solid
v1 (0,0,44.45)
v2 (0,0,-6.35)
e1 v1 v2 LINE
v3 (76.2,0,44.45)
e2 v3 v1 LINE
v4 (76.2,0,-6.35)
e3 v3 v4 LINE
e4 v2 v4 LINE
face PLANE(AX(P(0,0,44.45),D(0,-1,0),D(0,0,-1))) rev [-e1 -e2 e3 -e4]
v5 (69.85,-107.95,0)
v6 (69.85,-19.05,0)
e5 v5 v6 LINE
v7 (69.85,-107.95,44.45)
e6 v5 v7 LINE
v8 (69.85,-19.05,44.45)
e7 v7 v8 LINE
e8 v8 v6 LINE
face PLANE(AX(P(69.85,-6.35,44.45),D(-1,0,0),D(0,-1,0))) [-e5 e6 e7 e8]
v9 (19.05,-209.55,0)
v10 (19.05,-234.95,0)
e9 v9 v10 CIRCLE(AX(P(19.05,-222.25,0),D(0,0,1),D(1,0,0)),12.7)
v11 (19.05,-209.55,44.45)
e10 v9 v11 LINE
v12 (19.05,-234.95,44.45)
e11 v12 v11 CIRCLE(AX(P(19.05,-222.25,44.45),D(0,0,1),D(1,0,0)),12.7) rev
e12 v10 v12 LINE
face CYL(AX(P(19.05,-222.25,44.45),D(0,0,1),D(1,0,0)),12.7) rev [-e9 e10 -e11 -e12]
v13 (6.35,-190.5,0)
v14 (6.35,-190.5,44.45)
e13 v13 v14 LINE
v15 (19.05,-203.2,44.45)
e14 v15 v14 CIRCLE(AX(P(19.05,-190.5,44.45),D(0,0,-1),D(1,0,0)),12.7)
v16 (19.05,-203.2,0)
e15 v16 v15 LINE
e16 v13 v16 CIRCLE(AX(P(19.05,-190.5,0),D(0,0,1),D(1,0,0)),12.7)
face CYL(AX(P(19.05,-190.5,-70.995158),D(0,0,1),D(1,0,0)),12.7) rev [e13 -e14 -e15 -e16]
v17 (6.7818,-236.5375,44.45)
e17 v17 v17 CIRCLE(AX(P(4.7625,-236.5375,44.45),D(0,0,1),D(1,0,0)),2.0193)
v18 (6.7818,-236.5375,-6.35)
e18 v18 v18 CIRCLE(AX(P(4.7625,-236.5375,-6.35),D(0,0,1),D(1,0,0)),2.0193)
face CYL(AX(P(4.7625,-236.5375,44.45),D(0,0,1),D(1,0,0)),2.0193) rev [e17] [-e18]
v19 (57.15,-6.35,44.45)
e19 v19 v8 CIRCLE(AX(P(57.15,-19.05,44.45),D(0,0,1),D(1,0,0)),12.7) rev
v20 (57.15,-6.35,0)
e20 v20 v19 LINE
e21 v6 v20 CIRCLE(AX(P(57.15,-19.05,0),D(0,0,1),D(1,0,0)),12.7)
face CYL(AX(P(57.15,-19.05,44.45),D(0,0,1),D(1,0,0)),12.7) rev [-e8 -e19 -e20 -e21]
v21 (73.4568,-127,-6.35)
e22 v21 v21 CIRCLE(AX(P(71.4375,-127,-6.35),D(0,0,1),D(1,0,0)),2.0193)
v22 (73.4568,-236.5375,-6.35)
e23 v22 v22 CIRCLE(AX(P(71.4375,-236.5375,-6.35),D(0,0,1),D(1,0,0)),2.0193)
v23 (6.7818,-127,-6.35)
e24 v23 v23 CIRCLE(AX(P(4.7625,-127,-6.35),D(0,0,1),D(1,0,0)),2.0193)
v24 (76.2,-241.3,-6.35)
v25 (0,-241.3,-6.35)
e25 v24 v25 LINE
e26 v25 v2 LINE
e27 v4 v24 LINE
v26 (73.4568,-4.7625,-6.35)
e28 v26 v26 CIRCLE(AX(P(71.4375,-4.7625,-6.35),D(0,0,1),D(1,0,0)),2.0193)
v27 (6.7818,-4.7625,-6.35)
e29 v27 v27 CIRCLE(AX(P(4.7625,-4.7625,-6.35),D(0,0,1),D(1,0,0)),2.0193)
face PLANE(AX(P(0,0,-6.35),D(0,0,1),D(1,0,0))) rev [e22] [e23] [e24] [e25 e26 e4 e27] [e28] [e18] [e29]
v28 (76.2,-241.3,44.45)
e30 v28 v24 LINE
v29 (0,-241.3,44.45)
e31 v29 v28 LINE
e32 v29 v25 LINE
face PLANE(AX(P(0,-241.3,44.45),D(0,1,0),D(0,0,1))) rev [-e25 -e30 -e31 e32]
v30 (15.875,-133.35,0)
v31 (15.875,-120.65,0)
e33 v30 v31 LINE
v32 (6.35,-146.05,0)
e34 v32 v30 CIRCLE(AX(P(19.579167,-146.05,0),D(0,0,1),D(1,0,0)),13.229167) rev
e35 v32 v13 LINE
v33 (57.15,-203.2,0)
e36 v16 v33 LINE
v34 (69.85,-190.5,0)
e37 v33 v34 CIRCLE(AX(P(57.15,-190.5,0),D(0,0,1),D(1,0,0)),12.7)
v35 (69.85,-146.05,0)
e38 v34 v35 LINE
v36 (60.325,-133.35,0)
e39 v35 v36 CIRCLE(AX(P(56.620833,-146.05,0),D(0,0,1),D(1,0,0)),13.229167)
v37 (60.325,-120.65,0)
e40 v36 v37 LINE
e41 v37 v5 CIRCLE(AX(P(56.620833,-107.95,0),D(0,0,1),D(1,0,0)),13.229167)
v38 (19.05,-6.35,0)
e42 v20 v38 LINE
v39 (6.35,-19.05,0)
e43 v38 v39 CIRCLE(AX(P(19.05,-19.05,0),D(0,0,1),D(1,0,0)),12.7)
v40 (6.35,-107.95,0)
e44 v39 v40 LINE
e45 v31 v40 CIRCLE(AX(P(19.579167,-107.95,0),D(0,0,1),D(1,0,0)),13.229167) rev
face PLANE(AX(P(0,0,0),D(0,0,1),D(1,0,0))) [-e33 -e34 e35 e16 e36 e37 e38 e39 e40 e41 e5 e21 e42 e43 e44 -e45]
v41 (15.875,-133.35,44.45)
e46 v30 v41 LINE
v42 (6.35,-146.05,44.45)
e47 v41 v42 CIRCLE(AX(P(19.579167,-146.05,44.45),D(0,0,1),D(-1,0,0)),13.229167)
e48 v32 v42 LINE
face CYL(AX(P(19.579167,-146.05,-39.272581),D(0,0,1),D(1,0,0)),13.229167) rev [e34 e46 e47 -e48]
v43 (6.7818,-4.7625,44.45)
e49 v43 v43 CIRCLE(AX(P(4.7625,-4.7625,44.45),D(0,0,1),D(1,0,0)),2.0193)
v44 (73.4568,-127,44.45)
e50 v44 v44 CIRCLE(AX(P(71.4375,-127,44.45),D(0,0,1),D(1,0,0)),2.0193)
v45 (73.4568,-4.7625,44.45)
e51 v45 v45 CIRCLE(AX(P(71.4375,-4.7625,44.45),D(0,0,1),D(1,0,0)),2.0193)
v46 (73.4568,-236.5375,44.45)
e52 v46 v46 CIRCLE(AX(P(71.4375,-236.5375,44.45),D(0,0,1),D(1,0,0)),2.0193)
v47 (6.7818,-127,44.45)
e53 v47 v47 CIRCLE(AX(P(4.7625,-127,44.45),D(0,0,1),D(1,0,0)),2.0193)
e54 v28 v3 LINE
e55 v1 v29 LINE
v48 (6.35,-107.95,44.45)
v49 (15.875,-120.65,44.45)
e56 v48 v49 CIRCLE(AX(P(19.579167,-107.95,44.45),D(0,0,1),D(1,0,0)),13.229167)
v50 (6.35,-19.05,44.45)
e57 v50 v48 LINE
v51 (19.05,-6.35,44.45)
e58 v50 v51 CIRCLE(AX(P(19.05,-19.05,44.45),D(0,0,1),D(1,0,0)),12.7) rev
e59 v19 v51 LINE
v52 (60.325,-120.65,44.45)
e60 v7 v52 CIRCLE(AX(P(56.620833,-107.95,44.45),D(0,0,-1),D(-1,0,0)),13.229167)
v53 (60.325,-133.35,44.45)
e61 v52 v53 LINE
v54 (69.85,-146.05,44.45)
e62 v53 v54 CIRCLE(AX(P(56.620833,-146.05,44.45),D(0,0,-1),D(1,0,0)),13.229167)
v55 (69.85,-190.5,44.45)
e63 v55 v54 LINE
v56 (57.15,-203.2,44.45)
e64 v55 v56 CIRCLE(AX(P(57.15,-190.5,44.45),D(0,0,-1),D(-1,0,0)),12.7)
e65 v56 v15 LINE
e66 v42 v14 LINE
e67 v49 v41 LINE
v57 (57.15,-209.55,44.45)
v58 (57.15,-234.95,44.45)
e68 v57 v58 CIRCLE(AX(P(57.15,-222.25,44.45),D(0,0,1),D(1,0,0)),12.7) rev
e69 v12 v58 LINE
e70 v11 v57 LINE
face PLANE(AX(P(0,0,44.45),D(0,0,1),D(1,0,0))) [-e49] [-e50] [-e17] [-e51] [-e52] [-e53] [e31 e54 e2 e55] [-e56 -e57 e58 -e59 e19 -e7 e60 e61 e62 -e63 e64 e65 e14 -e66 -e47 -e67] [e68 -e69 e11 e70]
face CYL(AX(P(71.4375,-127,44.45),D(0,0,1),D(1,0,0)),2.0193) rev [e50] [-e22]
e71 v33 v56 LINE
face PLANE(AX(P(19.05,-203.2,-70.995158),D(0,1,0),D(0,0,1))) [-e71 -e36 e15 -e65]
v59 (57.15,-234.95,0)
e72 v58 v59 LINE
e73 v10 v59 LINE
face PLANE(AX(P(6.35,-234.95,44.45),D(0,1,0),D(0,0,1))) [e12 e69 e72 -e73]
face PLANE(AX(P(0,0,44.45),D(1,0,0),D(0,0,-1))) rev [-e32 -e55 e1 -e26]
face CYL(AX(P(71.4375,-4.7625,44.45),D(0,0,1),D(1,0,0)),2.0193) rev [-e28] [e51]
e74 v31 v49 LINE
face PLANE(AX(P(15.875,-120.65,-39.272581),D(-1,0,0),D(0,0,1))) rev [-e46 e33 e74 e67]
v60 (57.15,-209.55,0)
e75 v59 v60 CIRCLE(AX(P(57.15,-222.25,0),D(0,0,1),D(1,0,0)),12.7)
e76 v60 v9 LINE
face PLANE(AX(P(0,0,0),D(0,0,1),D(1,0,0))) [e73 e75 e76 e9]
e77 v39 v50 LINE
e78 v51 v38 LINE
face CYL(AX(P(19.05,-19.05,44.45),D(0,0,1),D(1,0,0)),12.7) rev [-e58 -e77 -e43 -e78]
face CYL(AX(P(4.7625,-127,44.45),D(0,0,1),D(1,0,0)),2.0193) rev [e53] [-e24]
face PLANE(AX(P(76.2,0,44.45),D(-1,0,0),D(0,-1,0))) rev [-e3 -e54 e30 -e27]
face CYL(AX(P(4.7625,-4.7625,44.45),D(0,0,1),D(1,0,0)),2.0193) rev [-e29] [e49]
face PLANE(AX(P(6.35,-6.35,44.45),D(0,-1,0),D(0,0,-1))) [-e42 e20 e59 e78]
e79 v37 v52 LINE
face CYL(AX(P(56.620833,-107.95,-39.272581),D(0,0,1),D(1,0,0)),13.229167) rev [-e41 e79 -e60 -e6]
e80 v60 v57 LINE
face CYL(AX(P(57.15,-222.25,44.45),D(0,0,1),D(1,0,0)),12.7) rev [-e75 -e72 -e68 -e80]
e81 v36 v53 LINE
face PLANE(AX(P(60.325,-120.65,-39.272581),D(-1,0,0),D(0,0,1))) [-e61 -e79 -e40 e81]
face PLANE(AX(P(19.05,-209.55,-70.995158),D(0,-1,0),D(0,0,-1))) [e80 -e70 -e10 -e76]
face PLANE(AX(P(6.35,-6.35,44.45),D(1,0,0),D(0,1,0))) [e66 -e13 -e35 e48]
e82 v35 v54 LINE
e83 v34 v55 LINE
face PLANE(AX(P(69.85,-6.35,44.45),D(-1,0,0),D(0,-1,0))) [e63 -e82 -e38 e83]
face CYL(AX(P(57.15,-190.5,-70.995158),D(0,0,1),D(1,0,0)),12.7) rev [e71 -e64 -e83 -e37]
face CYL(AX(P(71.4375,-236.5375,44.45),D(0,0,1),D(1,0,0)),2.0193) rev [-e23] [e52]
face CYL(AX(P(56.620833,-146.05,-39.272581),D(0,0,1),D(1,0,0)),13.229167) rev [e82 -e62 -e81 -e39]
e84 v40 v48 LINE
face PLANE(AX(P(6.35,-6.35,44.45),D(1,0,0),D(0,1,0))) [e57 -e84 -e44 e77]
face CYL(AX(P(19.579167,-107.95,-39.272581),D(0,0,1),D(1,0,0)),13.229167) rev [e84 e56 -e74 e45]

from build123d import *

# Parameters (mm, degrees)
SKETCH1_W              = 76.2
SKETCH1_H              = 241.3
SKETCH1_W_2            = 63.5
SKETCH1_H_2            = 228.6
BOSS_EXTRUDE1_DEPTH    = 44.45
FILLET1_R              = 12.7
SKETCH2_W              = 76.2
SKETCH2_H              = 241.3
BOSS_EXTRUDE2_DEPTH    = 6.35
BOSS_EXTRUDE3_DEPTH    = 44.45
F_10_32_TAPPED_HOLE1_D = 4.0386
BOSS_EXTRUDE4_DEPTH    = 44.45


with BuildPart() as part:
    # Sketch1 → Boss-Extrude1 (new body)
    with BuildSketch(Plane.XY):
        with Locations((38.1, -120.65)):
            Rectangle(SKETCH1_W, SKETCH1_H)
        with Locations((38.1, -120.65)):
            Rectangle(SKETCH1_W_2, SKETCH1_H_2, mode=Mode.SUBTRACT)
    extrude(amount=BOSS_EXTRUDE1_DEPTH)

    # Fillet1
    fillet1_edges = [part.edges().sort_by_distance(p)[0] for p in [
        (6.35, -6.35, 22.225),
        (6.35, -234.95, 22.225),
        (69.85, -234.95, 22.225),
        (69.85, -6.35, 22.225),
    ]]
    fillet(fillet1_edges, radius=FILLET1_R)

    # Sketch2 → Boss-Extrude2 (add)
    with BuildSketch(Plane(origin=(0, 0, 0), x_dir=(-1, 0, 0), z_dir=(0, 0, -1))):
        with Locations((-38.1, -120.65)):
            Rectangle(SKETCH2_W, SKETCH2_H)
    extrude(amount=BOSS_EXTRUDE2_DEPTH)

    # Sketch3 → Boss-Extrude3 (add)
    with BuildSketch(Plane.XY.offset(44.45)):
        with BuildLine():
            Line((60.325, -120.65), (60.325, -133.35))
            ThreePointArc((60.325, -133.35), (67.204166667, -138.1125), (69.85, -146.05))
            Line((69.85, -146.05), (69.85, -107.95))
            ThreePointArc((69.85, -107.95), (67.204166667, -115.8875), (60.325, -120.65))
        make_face()
    boss_extrude3 = extrude(amount=-BOSS_EXTRUDE3_DEPTH)

    # Mirror1: Boss-Extrude3 across plane
    add(boss_extrude3.mirror(Plane.ZY.offset(-38.1)))

    # #10-32 Tapped Hole1 (through all)
    with Locations(Plane.XY.offset(44.45)):
        with Locations((4.7625, -4.7625), (71.4375, -4.7625), (71.4375, -127), (4.7625, -127), (4.7625, -236.5375), (71.4375, -236.5375)):
            Hole(F_10_32_TAPPED_HOLE1_D / 2)

    # Sketch8 → Boss-Extrude4 (add)
    with BuildSketch(Plane.XY.offset(44.45)):
        with BuildLine():
            Line((19.05, -209.55), (57.15, -209.55))
            ThreePointArc((57.15, -209.55), (66.130256121, -213.269743879), (69.85, -222.25))
            Line((69.85, -222.25), (69.85, -190.5))
            ThreePointArc((69.85, -190.5), (66.130256121, -199.480256121), (57.15, -203.2))
            Line((57.15, -203.2), (19.05, -203.2))
            ThreePointArc((19.05, -203.2), (10.069743879, -199.480256121), (6.35, -190.5))
            Line((6.35, -190.5), (6.35, -222.25))
            ThreePointArc((6.35, -222.25), (10.069743879, -213.269743879), (19.05, -209.55))
        make_face()
    extrude(amount=-BOSS_EXTRUDE4_DEPTH)


solid = part.part
